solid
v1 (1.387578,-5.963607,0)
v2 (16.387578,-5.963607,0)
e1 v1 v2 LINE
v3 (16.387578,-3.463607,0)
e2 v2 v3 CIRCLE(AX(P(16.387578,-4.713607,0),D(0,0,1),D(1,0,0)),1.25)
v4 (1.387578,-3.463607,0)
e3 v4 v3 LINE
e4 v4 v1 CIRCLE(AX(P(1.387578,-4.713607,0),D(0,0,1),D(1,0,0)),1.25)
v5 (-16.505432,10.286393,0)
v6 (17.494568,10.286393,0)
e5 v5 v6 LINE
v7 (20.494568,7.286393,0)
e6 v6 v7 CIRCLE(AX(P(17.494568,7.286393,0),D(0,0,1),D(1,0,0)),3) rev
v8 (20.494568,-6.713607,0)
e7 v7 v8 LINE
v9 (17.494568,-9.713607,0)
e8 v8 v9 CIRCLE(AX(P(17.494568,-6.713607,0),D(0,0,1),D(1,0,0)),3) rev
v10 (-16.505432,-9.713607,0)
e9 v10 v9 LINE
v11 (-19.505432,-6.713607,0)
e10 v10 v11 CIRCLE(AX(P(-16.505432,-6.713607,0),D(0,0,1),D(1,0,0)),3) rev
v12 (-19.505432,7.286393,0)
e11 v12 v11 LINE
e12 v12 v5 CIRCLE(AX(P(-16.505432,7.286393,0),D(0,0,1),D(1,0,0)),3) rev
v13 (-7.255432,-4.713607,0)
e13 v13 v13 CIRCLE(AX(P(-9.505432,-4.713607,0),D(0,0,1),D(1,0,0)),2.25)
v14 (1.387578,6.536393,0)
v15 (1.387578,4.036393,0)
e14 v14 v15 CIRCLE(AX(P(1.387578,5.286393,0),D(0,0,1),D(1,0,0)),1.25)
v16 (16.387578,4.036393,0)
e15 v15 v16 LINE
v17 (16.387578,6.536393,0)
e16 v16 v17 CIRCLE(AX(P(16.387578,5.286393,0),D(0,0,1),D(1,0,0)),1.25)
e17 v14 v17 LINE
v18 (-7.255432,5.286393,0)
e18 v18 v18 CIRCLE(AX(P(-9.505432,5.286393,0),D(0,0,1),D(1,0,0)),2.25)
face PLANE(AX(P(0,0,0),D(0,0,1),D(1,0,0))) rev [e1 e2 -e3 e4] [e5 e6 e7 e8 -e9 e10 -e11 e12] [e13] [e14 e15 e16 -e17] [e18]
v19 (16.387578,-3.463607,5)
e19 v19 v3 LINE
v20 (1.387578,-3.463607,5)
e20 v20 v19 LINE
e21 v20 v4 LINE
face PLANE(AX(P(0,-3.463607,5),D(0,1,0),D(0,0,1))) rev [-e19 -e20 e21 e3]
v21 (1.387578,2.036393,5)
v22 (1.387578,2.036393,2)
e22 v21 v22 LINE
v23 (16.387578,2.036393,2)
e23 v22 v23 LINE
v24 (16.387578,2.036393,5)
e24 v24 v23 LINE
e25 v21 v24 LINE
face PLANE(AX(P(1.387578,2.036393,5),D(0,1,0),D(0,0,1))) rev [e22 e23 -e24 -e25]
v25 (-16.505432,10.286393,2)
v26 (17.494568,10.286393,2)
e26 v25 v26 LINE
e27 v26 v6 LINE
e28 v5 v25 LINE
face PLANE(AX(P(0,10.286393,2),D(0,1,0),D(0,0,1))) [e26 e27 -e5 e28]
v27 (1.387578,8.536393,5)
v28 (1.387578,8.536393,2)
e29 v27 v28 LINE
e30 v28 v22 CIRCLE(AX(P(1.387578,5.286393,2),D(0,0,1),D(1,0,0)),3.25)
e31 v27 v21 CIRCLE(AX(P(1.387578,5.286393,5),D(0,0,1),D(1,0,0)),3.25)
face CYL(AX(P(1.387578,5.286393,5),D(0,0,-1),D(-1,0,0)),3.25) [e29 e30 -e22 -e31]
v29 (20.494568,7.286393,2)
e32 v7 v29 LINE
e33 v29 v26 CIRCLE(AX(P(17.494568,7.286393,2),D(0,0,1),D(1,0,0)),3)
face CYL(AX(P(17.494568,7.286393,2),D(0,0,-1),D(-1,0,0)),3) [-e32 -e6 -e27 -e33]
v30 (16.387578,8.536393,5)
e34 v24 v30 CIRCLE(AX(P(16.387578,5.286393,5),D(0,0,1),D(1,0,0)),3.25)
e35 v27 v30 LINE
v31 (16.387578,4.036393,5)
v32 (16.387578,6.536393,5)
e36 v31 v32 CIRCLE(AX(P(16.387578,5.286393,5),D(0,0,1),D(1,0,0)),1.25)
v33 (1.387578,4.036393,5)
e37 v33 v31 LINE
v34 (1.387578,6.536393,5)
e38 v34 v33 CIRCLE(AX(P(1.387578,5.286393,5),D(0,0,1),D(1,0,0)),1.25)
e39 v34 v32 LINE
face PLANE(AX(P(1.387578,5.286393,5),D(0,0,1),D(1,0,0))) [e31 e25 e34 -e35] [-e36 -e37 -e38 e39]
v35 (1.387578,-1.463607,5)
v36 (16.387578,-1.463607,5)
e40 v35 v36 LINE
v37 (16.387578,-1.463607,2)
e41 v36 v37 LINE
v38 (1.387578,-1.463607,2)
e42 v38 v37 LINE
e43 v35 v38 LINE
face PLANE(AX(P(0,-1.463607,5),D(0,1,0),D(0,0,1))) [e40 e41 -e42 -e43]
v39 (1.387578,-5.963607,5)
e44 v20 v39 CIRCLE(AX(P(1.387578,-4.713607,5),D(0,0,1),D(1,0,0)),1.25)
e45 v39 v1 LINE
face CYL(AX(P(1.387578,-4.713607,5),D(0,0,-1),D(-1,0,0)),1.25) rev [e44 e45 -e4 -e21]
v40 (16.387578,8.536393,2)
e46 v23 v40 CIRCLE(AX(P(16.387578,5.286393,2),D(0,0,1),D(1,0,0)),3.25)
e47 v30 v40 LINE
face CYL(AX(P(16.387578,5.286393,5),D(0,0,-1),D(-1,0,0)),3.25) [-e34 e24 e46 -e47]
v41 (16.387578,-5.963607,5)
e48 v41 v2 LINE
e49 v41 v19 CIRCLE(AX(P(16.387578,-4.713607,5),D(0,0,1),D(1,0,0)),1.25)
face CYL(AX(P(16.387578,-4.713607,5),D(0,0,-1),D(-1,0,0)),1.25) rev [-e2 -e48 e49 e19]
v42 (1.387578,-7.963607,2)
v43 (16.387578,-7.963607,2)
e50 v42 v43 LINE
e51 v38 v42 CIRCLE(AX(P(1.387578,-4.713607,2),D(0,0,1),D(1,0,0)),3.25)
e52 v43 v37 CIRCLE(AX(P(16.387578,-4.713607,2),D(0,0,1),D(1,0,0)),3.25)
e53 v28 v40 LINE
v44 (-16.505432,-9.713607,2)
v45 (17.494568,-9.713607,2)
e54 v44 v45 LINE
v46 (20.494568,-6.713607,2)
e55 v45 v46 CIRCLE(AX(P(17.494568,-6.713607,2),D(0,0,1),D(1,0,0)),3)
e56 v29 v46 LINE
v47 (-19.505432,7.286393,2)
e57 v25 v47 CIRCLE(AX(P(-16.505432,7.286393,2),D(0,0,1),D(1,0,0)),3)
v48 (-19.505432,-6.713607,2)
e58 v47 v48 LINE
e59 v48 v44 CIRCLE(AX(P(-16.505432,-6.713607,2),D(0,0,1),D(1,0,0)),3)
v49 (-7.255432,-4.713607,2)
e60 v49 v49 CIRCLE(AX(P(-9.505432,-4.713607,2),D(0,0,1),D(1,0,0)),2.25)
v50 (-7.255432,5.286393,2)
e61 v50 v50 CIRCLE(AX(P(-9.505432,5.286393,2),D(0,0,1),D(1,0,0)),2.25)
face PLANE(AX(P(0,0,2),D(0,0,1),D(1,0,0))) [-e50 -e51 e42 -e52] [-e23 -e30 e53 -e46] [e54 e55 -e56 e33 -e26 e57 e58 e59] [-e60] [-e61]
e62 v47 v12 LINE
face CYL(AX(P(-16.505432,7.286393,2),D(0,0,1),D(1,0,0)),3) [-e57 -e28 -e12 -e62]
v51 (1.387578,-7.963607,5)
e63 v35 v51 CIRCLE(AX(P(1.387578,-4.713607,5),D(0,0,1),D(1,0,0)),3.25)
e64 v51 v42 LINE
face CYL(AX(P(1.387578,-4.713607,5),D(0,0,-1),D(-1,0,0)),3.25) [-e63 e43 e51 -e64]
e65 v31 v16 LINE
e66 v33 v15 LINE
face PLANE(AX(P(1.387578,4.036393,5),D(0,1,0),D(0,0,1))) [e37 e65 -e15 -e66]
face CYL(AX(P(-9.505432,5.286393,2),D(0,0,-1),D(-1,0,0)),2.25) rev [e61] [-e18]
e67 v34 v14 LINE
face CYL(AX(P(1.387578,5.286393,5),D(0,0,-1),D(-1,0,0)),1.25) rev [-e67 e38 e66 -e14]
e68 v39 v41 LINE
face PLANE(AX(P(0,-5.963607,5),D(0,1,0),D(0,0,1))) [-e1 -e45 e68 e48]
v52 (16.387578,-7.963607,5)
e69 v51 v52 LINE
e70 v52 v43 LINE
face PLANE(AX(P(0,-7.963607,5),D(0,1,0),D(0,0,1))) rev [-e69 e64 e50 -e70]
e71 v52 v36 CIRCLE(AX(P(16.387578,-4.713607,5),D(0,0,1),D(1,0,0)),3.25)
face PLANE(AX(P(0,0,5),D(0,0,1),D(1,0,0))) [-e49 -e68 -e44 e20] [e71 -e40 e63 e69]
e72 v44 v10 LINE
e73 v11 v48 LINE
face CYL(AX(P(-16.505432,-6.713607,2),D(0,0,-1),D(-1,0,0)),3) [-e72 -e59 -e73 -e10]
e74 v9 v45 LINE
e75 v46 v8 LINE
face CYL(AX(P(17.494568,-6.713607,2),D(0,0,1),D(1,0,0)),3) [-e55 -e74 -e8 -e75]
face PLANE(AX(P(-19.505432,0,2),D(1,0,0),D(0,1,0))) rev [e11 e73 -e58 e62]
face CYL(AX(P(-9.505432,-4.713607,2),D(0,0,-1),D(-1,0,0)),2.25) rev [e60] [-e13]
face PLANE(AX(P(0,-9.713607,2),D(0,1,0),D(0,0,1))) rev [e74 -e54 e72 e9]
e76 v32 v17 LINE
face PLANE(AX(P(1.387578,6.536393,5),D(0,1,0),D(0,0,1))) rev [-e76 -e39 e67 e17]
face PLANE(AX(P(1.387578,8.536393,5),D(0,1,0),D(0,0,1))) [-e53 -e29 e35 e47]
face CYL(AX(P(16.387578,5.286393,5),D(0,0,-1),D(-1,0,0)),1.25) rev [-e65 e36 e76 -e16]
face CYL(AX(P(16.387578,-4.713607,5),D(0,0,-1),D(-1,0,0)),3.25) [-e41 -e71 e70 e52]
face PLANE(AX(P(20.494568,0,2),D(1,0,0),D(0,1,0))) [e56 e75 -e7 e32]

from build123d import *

# Parameters (mm, degrees)
SZKIC1_W                    = 40
SZKIC1_H                    = 20
SZKIC1_R                    = 2.25
DODANIE_WYCI_GNI_CIE1_DEPTH = 2
DODANIE_WYCI_GNI_CIE2_DEPTH = 5
ZAOKR_GLENIE1_R             = 3


with BuildPart() as part:
    # Szkic1 → Dodanie-wyci_gni_cie1 (new body)
    with BuildSketch(Plane.XY):
        with Locations((0.494567618, 0.286392586)):
            Rectangle(SZKIC1_W, SZKIC1_H)
        with Locations((-9.505432382, -4.713607414)):
            Circle(SZKIC1_R, mode=Mode.SUBTRACT)
        with Locations((-9.505432382, 5.286392586)):
            Circle(SZKIC1_R, mode=Mode.SUBTRACT)
        with BuildLine():
            ThreePointArc((16.387577827, 2.036392586), (19.637577827, 5.286392586), (16.387577827, 8.536392586))
            Line((16.387577827, 8.536392586), (1.387577827, 8.536392586))
            ThreePointArc((1.387577827, 8.536392586), (-1.862422173, 5.286392586), (1.387577827, 2.036392586))
            Line((1.387577827, 2.036392586), (16.387577827, 2.036392586))
        make_face(mode=Mode.SUBTRACT)
        with BuildLine():
            ThreePointArc((16.387577827, -7.963607414), (19.637577827, -4.713607414), (16.387577827, -1.463607414))
            Line((16.387577827, -1.463607414), (1.387577827, -1.463607414))
            ThreePointArc((1.387577827, -1.463607414), (-1.862422173, -4.713607414), (1.387577827, -7.963607414))
            Line((1.387577827, -7.963607414), (16.387577827, -7.963607414))
        make_face(mode=Mode.SUBTRACT)
    extrude(amount=DODANIE_WYCI_GNI_CIE1_DEPTH)

    # Szkic1_3 → Dodanie-wyci_gni_cie2 (add)
    # profile 1 of 2: a face of its own
    with BuildSketch(Plane.XY):
        with BuildLine():
            Line((1.387577827, -1.463607414), (16.387577827, -1.463607414))
            ThreePointArc((16.387577827, -1.463607414), (19.637577827, -4.713607414), (16.387577827, -7.963607414))
            Line((16.387577827, -7.963607414), (1.387577827, -7.963607414))
            ThreePointArc((1.387577827, -7.963607414), (-1.862422173, -4.713607414), (1.387577827, -1.463607414))
        make_face()
        with BuildLine():
            Line((1.387577827, -3.463607414), (16.387577827, -3.463607414))
            ThreePointArc((16.387577827, -3.463607414), (17.637577827, -4.713607414), (16.387577827, -5.963607414))
            Line((16.387577827, -5.963607414), (1.387577827, -5.963607414))
            ThreePointArc((1.387577827, -5.963607414), (0.137577827, -4.713607414), (1.387577827, -3.463607414))
        make_face(mode=Mode.SUBTRACT)
    # profile 2 of 2: a face of its own
    with BuildSketch(Plane.XY):
        with BuildLine():
            Line((1.387577827, 8.536392586), (16.387577827, 8.536392586))
            ThreePointArc((16.387577827, 8.536392586), (19.637577827, 5.286392586), (16.387577827, 2.036392586))
            Line((16.387577827, 2.036392586), (1.387577827, 2.036392586))
            ThreePointArc((1.387577827, 2.036392586), (-1.862422173, 5.286392586), (1.387577827, 8.536392586))
        make_face()
        with BuildLine():
            Line((1.387577827, 6.536392586), (16.387577827, 6.536392586))
            ThreePointArc((16.387577827, 6.536392586), (17.637577827, 5.286392586), (16.387577827, 4.036392586))
            Line((16.387577827, 4.036392586), (1.387577827, 4.036392586))
            ThreePointArc((1.387577827, 4.036392586), (0.137577827, 5.286392586), (1.387577827, 6.536392586))
        make_face(mode=Mode.SUBTRACT)
    extrude(amount=DODANIE_WYCI_GNI_CIE2_DEPTH)

    # Zaokr_glenie1
    zaokr_glenie1_edges = [part.edges().sort_by_distance(p)[0] for p in [
        (20.494567618, -9.713607414, 1),
        (-19.505432382, -9.713607414, 1),
        (-19.505432382, 10.286392586, 1),
        (20.494567618, 10.286392586, 1),
    ]]
    fillet(zaokr_glenie1_edges, radius=ZAOKR_GLENIE1_R)


solid = part.part
